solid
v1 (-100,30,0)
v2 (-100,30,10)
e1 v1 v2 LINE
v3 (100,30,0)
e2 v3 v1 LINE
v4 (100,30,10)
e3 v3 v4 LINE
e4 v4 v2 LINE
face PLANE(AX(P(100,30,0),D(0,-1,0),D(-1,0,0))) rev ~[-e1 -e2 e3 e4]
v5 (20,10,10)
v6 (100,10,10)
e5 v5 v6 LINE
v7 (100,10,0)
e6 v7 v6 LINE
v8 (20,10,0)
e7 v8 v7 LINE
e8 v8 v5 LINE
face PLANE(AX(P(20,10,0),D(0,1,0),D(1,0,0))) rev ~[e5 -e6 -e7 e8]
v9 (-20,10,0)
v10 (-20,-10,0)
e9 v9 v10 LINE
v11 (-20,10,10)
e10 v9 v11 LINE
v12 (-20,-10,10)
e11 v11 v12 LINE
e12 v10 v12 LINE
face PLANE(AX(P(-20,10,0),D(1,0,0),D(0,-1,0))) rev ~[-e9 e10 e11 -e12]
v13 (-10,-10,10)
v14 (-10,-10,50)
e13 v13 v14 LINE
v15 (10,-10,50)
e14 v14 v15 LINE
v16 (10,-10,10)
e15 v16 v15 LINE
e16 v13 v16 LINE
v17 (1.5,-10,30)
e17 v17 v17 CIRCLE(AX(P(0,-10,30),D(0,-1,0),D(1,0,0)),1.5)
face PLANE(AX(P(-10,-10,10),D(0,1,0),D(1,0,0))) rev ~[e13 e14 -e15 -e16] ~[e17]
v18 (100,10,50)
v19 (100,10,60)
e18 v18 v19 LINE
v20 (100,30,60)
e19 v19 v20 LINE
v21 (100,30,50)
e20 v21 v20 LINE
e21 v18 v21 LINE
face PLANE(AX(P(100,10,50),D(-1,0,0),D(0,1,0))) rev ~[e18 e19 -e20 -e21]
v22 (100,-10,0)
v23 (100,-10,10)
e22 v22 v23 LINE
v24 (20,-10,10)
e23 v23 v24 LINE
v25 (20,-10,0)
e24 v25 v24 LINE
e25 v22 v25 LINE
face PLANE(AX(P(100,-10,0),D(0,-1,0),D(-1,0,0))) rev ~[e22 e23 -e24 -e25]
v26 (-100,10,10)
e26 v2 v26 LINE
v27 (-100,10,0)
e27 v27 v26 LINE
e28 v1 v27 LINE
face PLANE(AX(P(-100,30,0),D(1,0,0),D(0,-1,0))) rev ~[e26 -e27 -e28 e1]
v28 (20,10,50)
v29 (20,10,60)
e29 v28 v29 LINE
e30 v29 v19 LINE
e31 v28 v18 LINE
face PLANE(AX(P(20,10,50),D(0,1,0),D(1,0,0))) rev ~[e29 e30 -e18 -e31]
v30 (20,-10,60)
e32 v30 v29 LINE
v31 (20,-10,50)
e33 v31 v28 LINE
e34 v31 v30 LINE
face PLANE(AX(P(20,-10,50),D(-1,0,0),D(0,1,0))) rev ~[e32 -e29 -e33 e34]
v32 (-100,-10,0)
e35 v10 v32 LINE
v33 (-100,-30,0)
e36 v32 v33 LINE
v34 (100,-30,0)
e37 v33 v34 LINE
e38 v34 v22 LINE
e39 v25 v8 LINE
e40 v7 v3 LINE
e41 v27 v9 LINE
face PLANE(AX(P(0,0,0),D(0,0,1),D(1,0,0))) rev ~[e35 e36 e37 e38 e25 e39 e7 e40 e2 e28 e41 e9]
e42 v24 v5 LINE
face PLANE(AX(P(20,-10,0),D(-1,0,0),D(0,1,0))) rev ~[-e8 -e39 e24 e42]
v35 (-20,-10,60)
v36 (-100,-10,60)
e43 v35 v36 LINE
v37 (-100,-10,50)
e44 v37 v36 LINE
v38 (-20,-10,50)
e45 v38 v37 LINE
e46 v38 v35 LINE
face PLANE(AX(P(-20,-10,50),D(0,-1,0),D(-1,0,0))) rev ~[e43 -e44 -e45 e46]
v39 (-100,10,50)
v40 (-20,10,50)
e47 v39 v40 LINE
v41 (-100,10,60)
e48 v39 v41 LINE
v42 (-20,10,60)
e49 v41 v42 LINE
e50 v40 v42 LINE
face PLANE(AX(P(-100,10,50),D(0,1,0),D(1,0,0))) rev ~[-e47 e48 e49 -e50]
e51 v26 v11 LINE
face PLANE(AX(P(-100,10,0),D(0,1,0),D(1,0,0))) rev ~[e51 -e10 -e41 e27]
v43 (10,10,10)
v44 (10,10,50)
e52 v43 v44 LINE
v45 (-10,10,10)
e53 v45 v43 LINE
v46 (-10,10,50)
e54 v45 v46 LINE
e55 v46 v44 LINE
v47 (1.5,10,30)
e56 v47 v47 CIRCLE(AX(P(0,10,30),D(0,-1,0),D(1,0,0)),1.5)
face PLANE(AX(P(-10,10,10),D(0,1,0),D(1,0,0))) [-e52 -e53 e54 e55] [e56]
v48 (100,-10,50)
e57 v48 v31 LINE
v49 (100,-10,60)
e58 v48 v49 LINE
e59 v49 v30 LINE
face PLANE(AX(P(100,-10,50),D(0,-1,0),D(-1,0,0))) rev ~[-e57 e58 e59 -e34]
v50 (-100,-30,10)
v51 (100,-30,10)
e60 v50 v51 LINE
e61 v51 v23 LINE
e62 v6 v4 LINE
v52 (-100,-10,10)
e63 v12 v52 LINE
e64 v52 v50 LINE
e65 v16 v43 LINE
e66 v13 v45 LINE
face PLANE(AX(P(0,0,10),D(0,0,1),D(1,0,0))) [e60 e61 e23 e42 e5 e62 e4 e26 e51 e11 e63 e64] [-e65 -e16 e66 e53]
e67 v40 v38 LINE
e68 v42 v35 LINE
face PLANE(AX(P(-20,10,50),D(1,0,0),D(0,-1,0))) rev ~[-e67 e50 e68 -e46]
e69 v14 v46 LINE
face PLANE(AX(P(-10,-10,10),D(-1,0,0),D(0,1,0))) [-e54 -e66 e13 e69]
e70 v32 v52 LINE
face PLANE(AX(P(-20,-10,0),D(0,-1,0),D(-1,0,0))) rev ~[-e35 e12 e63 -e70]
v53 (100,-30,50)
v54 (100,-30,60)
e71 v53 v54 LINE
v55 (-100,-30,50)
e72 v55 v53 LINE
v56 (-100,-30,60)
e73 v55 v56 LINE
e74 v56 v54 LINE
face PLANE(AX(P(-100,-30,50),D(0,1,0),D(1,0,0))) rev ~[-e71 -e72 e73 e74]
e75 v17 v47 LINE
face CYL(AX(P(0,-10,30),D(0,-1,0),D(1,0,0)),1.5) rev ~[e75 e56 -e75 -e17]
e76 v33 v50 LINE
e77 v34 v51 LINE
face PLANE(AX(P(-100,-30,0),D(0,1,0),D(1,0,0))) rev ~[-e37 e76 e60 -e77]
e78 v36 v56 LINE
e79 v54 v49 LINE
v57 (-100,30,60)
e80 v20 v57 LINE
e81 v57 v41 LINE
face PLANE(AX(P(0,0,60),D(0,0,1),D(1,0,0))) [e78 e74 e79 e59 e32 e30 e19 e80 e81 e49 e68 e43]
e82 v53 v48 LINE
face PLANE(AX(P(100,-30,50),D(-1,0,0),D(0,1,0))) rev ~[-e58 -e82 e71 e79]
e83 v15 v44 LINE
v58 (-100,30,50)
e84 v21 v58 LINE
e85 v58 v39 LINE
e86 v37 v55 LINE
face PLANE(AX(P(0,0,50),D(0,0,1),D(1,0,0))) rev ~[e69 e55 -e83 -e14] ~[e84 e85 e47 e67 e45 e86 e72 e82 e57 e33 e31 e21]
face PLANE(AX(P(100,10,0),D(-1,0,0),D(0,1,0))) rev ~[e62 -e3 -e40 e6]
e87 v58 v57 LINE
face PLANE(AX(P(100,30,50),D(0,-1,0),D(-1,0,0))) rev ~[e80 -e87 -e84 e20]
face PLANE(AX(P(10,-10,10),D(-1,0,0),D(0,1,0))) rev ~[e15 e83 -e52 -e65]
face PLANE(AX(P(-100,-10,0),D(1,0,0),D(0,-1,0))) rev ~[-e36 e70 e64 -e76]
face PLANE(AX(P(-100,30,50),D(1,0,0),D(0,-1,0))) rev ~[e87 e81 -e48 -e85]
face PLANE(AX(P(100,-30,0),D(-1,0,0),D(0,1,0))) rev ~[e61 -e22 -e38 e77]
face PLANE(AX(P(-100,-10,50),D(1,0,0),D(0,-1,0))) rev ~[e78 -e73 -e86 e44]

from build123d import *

# Parameters (mm, degrees)
F1_DEPTH = 10
F2_W     = 20
F2_H     = 20
F3_DEPTH = 40
F4_R     = 1.5
F5_DEPTH = 20
F6_W     = 20
F6_H     = 20
F7_DEPTH = 10


with BuildPart() as f1:
    # F0 (on Top) → F1 (new body)
    with BuildSketch(Plane.XY):
        Polygon((-100, -10), (-100, -30), (100, -30), (100, -10), (20, -10), (20, 10), (100, 10), (100, 30), (-100, 30), (-100, 10), (-20, 10), (-20, -10), align=None)
    extrude(amount=F1_DEPTH)

    # F2 (on face) → F3 (join)
    with BuildSketch(Plane.XY.offset(10)):
        Rectangle(F2_W, F2_H)
    extrude(amount=F3_DEPTH)

    # F4 (on face) → F5 (cut)
    with BuildSketch(Plane.XZ.offset(10)):
        with Locations((0, 30)):
            Circle(F4_R)
    extrude(amount=-F5_DEPTH, mode=Mode.SUBTRACT)

    # F6 (on face) → F7 (join)
    with BuildSketch(Plane.XY.offset(50)):
        Polygon((-20, 10), (-20, -10), (-100, -10), (-100, -30), (100, -30), (100, -10), (20, -10), (20, 10), (100, 10), (100, 30), (-100, 30), (-100, 10), align=None)
        Rectangle(F6_W, F6_H, mode=Mode.SUBTRACT)
        Rectangle(F6_W, F6_H)
    extrude(amount=F7_DEPTH)


solid = f1.part
